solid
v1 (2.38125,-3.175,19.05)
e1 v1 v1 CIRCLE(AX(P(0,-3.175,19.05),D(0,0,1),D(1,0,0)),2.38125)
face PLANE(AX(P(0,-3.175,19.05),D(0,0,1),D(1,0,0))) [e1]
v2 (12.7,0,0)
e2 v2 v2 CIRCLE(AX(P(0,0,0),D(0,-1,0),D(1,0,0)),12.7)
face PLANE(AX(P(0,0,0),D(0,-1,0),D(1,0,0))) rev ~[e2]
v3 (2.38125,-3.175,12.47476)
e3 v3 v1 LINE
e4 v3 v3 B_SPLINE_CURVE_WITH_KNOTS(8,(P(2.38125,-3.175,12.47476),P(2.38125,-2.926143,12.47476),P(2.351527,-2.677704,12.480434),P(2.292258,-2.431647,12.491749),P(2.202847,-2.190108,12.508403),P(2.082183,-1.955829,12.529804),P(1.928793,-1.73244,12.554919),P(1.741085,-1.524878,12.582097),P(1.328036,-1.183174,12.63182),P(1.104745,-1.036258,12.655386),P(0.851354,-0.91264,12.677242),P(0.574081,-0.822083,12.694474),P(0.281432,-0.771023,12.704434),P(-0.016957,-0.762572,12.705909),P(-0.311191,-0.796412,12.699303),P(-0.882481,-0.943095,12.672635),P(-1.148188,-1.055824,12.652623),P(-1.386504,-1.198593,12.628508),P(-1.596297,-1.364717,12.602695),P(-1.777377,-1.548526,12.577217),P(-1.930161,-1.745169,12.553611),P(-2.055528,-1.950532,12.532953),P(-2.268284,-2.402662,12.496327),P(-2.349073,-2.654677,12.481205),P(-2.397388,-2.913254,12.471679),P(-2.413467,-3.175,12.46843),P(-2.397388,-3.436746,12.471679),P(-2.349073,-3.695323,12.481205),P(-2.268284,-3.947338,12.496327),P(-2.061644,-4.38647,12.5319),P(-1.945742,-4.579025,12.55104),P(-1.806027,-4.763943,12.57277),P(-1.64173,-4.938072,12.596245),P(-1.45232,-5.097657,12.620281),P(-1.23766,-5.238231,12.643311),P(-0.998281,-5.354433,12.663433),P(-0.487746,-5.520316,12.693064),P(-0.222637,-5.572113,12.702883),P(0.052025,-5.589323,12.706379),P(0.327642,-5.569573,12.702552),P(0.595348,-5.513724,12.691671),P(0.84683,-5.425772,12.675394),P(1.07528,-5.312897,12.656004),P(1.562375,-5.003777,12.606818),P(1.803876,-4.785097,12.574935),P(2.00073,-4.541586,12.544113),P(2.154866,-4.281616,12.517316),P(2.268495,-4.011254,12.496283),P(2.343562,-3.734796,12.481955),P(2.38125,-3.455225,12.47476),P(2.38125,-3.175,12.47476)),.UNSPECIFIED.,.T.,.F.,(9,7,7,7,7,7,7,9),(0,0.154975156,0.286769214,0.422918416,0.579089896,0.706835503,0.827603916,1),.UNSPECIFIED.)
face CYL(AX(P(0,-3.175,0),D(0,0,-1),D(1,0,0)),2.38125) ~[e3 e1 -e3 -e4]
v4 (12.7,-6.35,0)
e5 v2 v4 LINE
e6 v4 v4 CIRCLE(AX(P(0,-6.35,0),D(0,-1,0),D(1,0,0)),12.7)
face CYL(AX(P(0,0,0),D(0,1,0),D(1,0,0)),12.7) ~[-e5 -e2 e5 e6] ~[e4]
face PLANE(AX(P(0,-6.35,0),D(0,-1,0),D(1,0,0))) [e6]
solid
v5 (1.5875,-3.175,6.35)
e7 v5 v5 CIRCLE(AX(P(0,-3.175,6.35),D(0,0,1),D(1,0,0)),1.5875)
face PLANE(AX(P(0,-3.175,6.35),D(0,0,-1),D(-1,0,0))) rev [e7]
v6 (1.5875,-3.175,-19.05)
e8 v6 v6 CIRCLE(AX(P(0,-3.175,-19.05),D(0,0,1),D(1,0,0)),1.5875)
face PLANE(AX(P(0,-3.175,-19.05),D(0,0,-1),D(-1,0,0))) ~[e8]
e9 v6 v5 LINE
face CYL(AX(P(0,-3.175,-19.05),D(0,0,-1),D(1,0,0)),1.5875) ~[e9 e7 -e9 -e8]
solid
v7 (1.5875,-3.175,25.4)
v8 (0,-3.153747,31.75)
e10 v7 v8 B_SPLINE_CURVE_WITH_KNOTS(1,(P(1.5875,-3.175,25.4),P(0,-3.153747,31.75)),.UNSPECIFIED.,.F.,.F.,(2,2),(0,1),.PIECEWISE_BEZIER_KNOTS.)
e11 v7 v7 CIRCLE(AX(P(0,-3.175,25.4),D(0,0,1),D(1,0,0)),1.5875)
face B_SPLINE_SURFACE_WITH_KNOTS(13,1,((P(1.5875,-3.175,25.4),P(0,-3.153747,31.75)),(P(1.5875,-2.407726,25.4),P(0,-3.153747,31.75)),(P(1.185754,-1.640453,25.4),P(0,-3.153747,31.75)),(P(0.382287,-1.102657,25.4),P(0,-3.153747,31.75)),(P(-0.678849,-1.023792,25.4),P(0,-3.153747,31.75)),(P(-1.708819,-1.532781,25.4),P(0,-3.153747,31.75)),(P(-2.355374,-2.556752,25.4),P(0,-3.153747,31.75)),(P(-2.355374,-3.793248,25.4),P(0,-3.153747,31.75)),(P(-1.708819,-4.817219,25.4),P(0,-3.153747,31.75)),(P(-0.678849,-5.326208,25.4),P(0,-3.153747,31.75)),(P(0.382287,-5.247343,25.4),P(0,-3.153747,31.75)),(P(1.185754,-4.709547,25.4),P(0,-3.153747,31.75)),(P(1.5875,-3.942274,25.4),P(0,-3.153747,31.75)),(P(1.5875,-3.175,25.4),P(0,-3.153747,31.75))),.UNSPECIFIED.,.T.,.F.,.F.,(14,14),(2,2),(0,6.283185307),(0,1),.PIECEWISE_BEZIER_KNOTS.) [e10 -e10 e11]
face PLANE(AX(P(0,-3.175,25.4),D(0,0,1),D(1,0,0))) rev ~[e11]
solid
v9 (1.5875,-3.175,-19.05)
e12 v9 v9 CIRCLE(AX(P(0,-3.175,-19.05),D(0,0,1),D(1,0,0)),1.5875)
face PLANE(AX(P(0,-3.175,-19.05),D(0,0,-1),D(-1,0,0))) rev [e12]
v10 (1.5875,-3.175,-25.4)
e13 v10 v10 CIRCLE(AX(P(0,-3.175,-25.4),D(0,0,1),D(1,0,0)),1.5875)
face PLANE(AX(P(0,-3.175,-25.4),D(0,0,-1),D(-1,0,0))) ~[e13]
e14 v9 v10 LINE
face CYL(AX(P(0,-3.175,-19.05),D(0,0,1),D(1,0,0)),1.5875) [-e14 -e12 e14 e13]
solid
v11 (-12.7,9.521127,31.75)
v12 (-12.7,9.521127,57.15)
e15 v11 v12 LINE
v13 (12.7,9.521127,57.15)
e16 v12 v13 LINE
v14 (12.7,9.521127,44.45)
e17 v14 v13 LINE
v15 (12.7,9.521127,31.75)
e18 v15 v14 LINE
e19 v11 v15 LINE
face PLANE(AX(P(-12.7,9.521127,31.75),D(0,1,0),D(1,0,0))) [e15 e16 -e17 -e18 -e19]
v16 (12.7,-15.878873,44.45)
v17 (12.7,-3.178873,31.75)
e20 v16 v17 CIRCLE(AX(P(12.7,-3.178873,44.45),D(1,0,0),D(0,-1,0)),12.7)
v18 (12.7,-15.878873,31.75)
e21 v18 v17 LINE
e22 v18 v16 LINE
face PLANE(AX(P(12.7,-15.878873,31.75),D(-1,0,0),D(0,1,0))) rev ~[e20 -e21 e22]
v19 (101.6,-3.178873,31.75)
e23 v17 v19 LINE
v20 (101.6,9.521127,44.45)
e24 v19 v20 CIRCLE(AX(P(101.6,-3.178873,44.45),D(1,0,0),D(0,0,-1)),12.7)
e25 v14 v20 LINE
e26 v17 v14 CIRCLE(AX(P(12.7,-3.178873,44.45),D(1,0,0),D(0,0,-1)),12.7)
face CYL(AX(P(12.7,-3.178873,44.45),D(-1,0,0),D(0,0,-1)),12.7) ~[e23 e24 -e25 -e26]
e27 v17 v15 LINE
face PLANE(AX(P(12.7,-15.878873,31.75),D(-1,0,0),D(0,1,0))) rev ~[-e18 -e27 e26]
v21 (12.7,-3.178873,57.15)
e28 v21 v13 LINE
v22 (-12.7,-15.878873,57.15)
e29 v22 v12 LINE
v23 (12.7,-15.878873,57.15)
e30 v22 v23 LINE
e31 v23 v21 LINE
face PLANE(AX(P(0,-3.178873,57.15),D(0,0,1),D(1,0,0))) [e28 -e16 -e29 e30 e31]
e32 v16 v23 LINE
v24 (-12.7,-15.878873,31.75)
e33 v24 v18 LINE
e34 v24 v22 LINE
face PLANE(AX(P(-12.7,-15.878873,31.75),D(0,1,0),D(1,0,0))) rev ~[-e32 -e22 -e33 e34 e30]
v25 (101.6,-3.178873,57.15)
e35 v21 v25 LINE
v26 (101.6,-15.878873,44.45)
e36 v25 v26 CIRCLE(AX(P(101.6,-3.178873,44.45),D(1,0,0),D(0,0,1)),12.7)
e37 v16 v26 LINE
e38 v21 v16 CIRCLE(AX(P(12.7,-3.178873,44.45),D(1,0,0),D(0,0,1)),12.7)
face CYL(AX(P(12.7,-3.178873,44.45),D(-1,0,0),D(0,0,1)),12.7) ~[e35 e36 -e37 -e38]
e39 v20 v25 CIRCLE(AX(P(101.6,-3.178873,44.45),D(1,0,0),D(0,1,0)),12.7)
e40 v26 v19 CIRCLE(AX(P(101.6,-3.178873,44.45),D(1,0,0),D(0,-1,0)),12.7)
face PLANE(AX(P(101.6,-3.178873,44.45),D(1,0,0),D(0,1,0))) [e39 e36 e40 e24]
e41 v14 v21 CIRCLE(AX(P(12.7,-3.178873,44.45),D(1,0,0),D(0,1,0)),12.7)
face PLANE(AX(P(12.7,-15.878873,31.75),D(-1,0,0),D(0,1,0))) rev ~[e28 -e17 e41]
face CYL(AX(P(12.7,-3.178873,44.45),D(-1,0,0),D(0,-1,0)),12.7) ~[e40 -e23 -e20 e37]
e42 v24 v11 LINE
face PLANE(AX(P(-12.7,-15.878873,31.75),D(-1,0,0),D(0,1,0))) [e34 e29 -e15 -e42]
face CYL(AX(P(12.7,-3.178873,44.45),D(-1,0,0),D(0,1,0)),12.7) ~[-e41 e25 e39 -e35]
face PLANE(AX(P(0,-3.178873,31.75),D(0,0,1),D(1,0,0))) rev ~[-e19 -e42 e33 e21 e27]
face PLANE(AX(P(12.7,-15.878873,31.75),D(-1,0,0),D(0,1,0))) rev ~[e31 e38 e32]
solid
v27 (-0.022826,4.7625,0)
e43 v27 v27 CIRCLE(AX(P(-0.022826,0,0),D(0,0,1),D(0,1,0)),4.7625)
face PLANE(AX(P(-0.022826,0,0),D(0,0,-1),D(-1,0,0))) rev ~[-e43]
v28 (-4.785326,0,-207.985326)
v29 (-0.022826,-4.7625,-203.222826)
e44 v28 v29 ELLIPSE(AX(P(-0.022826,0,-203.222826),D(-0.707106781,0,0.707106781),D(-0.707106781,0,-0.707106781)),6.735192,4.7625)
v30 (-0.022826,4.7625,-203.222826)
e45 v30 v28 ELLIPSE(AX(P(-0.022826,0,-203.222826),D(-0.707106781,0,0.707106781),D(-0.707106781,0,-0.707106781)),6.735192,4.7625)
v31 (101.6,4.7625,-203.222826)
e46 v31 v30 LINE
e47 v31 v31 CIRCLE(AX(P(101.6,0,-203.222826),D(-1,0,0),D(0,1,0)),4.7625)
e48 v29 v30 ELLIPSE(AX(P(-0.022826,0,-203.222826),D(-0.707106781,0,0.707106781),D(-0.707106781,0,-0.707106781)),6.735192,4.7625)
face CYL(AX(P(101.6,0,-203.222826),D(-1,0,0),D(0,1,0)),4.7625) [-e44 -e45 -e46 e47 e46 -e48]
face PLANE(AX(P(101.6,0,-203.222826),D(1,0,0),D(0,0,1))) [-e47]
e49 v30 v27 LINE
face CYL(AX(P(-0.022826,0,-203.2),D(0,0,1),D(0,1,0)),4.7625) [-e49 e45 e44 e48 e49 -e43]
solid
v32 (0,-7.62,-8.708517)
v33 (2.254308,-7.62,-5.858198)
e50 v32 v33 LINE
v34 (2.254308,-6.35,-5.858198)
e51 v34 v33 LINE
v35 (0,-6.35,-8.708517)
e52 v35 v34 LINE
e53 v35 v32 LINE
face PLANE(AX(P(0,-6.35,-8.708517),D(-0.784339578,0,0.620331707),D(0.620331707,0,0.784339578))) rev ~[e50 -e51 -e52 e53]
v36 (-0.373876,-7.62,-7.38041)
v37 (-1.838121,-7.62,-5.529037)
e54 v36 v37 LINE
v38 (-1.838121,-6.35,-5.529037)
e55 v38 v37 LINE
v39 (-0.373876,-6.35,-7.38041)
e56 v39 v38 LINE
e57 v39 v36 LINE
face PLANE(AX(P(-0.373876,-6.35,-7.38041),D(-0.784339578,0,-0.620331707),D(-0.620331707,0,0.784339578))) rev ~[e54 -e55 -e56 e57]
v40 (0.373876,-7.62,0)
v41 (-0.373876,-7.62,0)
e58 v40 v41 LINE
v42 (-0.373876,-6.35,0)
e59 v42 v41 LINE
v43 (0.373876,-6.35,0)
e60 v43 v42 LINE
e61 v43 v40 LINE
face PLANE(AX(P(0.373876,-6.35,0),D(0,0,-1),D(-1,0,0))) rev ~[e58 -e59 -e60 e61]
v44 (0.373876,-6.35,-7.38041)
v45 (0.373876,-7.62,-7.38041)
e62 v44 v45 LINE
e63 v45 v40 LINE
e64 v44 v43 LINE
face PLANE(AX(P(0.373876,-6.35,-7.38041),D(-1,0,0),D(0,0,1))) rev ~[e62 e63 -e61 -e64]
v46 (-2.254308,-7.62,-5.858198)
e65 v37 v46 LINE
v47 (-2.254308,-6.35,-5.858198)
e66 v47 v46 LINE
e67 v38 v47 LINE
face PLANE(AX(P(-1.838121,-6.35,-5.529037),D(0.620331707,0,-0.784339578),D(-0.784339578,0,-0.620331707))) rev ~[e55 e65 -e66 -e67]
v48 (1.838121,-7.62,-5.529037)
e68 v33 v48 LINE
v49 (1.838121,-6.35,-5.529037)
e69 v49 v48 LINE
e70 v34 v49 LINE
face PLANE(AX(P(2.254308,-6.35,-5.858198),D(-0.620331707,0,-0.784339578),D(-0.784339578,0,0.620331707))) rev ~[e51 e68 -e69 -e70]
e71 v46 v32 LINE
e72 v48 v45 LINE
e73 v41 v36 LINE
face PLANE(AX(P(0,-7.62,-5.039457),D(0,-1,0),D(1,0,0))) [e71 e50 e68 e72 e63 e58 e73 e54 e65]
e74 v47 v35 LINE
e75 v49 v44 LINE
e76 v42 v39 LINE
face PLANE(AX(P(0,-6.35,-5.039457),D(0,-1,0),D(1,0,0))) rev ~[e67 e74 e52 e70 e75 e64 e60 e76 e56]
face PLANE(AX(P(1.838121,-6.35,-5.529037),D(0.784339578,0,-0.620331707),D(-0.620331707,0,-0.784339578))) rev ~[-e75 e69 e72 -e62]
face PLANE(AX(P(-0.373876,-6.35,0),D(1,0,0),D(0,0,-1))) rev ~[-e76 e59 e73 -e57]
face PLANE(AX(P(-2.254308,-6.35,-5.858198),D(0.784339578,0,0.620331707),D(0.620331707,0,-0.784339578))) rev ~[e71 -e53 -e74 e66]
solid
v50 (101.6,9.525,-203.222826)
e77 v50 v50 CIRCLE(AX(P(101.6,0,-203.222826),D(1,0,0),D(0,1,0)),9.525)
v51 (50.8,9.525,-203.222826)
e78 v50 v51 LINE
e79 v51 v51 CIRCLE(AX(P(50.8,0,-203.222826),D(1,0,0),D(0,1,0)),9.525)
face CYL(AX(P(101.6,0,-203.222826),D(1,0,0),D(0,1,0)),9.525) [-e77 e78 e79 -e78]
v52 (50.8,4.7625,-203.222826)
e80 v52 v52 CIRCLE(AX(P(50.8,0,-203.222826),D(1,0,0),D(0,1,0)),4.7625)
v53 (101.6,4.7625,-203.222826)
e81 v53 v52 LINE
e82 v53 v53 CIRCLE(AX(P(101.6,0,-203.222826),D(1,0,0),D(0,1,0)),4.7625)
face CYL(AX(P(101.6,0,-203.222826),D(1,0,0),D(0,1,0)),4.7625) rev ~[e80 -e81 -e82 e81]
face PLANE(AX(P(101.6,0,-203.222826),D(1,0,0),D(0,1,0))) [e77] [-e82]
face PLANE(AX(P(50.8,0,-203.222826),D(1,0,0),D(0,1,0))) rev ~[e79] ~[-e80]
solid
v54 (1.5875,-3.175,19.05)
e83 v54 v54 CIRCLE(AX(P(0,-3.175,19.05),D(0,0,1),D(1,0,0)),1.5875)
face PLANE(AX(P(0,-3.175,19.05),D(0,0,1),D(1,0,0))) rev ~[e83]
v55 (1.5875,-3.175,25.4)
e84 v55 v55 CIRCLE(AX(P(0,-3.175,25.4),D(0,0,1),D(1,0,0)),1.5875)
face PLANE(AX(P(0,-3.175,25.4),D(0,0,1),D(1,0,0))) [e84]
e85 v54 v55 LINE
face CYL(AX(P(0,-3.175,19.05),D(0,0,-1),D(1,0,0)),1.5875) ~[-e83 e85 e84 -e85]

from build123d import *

# Parameters (mm, degrees)
F0_R      = 12.7
F1_DEPTH  = 6.35
F2_R      = 2.38125
F3_DEPTH  = 19.05
F4_R      = 1.5875
F5_DEPTH  = 6.35
F5_FACE_R = 1.5875
F10_DEPTH = 25.4
F12_DEPTH = 1.27
F15_R     = 4.7625
F17_R     = 9.525
F17_R_2   = 4.7625
F18_DEPTH = 50.8
F19_W     = 25.4
F19_H     = 25.4
F20_DEPTH = 25.4
F22_DEPTH = 88.9


with BuildPart() as f1:
    # F0 (on Front) → F1 (new body)
    with BuildSketch(Plane.XZ):
        Circle(F0_R)
    extrude(amount=F1_DEPTH)

    # F2 (on Top) → F3 (join)
    with BuildSketch(Plane.XY):
        with Locations((0, -3.175)):
            Circle(F2_R)
    extrude(amount=F3_DEPTH)


with BuildPart() as f5:
    # F4 (on face) → F5 (new body)
    with BuildSketch(Plane.XY.offset(19.05)):
        with Locations((0, -3.175)):
            Circle(F4_R)
    extrude(amount=F5_DEPTH)


with BuildPart() as f8:
    # F5_face (on face) → F8 section 0
    with BuildSketch(Plane(origin=(0, -3.175, 25.4), x_dir=(1, 0, 0), z_dir=(0, 0, 1)), mode=Mode.PRIVATE) as f8_s0:
        Circle(F5_FACE_R)
    loft([f8_s0.sketch, Vertex(0, -3.1537474133, 31.75)])


with BuildPart() as f9_1:
    # F9: instance of F5
    add(f5.part.mirror(Plane.XY))


with BuildPart() as f10:
    # F10 (new): a face of the model
    f10_faces = [f9_1.part.faces().sort_by_distance(p)[0] for p in [
        (0, -3.175, -19.05),
    ]]
    extrude(f10_faces, amount=F10_DEPTH)


with BuildPart() as f12:
    # F11 (on face) → F12 (new body)
    with BuildSketch(Plane.XZ.offset(6.35)):
        Polygon((-2.2543081655, -5.8581982868), (0, -8.7085170671), (2.2543081655, -5.8581982868), (1.8381207473, -5.5290369658), (0.3738755768, -7.3804100712), (0.3738755768, 0), (-0.3738755768, 0), (-0.3738755768, -7.3804100712), (-1.8381207473, -5.5290369658), align=None)
    extrude(amount=F12_DEPTH)


with BuildPart() as f16:
    # F16: sweep along a path in F13
    with BuildLine(Plane.XZ) as f16_path:
        Line((101.6, -203.2), (0, -203.2))
        Line((0, -203.2), (0, 0))
    # F15 (on line) → F16 (sweep)
    with BuildSketch(Plane.YZ.offset(101.6)):
        with Locations((0, -203.2228261232)):
            Circle(F15_R)
    sweep(path=f16_path.line, transition=Transition.RIGHT)


with BuildPart() as f18:
    # F17 (on face) → F18 (new body)
    with BuildSketch(Plane.YZ.offset(101.6)):
        with Locations((0, -203.2228261232)):
            Circle(F17_R)
        with Locations((0, -203.2228261232)):
            Circle(F17_R_2, mode=Mode.SUBTRACT)
    extrude(amount=-F18_DEPTH)


with BuildPart() as f20:
    # F19 (on offset) → F20 (new body)
    with BuildSketch(Plane.XY.offset(31.75)):
        with Locations((0, -3.1788726337)):
            Rectangle(F19_W, F19_H)
    extrude(amount=F20_DEPTH)

    # F21 (on face) → F22 (join)
    with BuildSketch(Plane.YZ.offset(12.7)):
        with BuildLine():
            ThreePointArc((-3.1788726337, 31.75), (5.8013834873, 35.4697438789), (9.5211273663, 44.45))
            ThreePointArc((9.5211273663, 44.45), (5.8013834873, 53.4302561211), (-3.1788726337, 57.15))
            ThreePointArc((-3.1788726337, 57.15), (-12.1591287548, 53.4302561211), (-15.8788726337, 44.45))
            ThreePointArc((-15.8788726337, 44.45), (-12.1591287548, 35.4697438789), (-3.1788726337, 31.75))
        make_face()
    extrude(amount=F22_DEPTH)


solid = Compound([f1.part, f5.part, f8.part, f9_1.part, f10.part, f12.part, f16.part, f18.part, f20.part])
